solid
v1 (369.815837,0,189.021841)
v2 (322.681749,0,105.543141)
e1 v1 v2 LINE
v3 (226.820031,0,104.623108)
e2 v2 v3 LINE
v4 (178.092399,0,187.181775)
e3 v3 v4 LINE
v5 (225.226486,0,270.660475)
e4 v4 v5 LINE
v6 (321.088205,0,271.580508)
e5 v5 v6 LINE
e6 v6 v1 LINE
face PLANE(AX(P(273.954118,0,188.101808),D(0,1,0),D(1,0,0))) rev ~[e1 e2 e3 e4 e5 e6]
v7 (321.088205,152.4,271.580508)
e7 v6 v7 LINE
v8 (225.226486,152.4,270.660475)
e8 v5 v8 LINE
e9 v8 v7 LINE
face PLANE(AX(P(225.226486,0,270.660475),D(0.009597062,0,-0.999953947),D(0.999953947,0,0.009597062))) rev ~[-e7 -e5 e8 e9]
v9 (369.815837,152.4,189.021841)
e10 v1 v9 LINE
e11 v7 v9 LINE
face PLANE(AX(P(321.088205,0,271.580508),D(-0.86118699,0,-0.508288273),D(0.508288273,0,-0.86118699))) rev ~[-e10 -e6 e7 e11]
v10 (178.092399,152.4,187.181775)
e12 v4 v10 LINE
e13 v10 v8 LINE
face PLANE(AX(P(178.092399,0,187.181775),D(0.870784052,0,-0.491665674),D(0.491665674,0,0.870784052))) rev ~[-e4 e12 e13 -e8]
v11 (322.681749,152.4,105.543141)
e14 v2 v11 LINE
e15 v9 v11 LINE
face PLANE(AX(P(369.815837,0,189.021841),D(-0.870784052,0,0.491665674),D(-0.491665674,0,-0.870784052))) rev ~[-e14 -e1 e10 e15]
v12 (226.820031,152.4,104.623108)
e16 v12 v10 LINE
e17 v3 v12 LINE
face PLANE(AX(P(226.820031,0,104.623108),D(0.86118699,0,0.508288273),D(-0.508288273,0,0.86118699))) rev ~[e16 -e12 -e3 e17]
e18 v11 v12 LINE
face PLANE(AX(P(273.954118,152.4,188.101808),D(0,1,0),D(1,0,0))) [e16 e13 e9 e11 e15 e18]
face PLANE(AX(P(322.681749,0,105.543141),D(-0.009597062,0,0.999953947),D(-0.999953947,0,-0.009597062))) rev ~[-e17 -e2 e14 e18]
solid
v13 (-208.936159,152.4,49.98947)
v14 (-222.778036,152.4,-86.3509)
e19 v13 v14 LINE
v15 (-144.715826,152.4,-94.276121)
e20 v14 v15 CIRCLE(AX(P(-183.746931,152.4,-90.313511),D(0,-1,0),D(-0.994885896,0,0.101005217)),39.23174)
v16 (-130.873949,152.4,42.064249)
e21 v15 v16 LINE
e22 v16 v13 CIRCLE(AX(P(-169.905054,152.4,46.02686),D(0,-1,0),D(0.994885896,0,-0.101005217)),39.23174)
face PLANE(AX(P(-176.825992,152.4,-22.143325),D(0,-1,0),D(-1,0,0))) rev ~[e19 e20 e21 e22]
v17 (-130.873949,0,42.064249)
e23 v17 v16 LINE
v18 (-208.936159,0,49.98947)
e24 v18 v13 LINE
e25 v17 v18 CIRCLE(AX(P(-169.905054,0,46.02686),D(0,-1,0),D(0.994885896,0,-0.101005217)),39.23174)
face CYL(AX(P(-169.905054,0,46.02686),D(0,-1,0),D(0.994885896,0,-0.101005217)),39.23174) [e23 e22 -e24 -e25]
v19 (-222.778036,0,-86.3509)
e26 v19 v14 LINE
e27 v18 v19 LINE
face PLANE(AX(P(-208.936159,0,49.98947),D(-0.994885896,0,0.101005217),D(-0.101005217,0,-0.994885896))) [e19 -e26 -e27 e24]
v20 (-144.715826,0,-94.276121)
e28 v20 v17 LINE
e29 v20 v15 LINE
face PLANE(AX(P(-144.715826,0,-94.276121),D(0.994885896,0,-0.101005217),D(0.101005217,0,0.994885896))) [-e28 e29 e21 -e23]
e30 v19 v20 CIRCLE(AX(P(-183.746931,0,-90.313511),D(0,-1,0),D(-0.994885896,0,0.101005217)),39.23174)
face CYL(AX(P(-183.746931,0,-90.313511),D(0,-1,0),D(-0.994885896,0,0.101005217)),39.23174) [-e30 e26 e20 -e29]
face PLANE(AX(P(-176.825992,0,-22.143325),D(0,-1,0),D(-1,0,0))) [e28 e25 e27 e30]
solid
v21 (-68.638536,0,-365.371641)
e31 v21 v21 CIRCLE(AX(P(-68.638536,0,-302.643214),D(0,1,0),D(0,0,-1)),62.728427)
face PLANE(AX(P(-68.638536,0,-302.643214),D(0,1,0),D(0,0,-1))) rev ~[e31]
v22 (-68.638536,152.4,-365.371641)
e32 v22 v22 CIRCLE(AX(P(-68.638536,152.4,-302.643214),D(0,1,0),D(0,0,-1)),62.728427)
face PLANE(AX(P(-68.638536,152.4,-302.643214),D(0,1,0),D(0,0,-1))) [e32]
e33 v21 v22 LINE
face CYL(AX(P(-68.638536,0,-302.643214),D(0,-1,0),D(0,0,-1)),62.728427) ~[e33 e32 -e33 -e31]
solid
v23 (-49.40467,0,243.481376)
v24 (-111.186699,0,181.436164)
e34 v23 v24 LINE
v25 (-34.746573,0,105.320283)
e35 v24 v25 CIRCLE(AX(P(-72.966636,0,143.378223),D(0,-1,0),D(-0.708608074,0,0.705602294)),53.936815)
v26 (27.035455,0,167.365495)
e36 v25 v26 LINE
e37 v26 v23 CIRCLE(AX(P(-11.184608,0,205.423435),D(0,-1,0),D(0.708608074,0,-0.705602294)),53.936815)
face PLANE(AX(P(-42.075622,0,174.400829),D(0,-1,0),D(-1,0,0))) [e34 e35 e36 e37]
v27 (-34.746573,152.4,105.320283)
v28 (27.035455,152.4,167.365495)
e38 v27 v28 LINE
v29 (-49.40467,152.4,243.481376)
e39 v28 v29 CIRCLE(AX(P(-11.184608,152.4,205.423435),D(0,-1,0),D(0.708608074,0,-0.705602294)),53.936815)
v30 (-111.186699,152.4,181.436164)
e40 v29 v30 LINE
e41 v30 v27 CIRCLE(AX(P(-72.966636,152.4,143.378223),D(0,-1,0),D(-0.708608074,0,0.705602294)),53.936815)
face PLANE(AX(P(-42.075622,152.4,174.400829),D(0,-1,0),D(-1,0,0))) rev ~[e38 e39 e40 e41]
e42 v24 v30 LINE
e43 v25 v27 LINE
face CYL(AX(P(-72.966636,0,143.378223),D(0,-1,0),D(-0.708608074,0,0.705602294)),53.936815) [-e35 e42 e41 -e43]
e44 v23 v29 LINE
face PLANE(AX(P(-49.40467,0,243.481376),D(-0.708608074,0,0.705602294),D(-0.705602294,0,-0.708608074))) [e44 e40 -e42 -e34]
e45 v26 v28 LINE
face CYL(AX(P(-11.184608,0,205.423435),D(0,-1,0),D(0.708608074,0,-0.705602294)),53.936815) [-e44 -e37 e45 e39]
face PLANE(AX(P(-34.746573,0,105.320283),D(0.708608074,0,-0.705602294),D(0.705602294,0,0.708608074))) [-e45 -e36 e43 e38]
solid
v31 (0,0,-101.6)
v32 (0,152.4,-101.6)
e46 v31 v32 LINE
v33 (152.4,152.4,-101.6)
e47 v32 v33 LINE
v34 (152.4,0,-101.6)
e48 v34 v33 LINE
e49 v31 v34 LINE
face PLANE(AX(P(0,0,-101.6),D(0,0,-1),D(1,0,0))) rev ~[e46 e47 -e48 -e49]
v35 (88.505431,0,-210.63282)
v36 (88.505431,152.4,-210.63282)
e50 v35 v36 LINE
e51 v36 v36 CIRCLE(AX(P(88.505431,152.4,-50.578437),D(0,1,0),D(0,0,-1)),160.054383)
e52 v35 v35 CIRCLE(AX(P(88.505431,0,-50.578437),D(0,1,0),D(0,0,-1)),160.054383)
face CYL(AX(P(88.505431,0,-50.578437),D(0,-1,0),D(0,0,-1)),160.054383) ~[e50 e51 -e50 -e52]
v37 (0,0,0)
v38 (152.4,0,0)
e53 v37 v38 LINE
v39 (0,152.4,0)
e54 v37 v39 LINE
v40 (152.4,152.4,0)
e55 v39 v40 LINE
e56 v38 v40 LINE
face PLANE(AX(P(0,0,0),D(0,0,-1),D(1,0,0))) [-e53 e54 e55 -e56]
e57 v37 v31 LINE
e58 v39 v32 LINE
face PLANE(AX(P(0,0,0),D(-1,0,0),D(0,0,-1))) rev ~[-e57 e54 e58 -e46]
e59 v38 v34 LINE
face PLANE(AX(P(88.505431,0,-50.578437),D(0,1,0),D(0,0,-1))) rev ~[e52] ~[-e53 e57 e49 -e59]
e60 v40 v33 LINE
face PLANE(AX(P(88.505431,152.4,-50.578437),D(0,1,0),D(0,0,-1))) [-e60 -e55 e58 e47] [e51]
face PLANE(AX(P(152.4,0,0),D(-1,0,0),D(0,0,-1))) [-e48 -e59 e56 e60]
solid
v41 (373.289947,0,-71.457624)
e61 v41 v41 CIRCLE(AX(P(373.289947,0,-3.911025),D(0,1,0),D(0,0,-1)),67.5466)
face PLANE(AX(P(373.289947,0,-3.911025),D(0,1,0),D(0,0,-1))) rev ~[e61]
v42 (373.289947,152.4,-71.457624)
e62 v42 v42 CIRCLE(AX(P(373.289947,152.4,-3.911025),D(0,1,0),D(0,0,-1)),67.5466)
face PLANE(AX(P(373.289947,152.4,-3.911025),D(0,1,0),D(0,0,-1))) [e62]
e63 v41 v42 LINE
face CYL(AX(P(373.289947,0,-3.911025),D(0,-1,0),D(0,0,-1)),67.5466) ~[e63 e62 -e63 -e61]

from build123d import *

# Parameters (mm, degrees)
SKETCH1_R             = 160.054383024
SKETCH1_W             = 152.4
SKETCH1_H             = 101.6
BOSS_EXTRUDE1_DEPTH   = 152.4
SKETCH1_R_2           = 67.546599545
BOSS_EXTRUDE1_2_DEPTH = 152.4
SKETCH1_R_3           = 62.72842728
BOSS_EXTRUDE1_3_DEPTH = 152.4
BOSS_EXTRUDE1_4_DEPTH = 152.4
BOSS_EXTRUDE1_5_DEPTH = 152.4
BOSS_EXTRUDE1_6_DEPTH = 152.4


with BuildPart() as part:
    # Sketch1 → Boss-Extrude1 (new body)
    with BuildSketch(Plane(origin=(0, 0, 0), x_dir=(1, 0, 0), z_dir=(0, 1, 0))):
        with Locations(Location((88.50543124, 50.578437179, 0), (0, 0, 90))):
            Circle(SKETCH1_R)
        with Locations((76.2, 50.8)):
            Rectangle(SKETCH1_W, SKETCH1_H, mode=Mode.SUBTRACT)
    extrude(amount=BOSS_EXTRUDE1_DEPTH)


with BuildPart() as body_2:
    # Sketch1 → Boss-Extrude1 2 (new body)
    with BuildSketch(Plane(origin=(0, 0, 0), x_dir=(1, 0, 0), z_dir=(0, 1, 0))):
        with Locations(Location((373.289947205, 3.911024814, 0), (0, 0, 90))):
            Circle(SKETCH1_R_2)
    extrude(amount=BOSS_EXTRUDE1_2_DEPTH)


with BuildPart() as body_3:
    # Sketch1 → Boss-Extrude1 3 (new body)
    with BuildSketch(Plane(origin=(0, 0, 0), x_dir=(1, 0, 0), z_dir=(0, 1, 0))):
        with Locations(Location((-68.638535942, 302.643214026, 0), (0, 0, 90))):
            Circle(SKETCH1_R_3)
    extrude(amount=BOSS_EXTRUDE1_3_DEPTH)


with BuildPart() as body_4:
    # Sketch1 → Boss-Extrude1 4 (new body)
    with BuildSketch(Plane(origin=(0, 0, 0), x_dir=(1, 0, 0), z_dir=(0, 1, 0))):
        Polygon((225.22648648, -270.660475239), (321.088205207, -271.580508421), (369.815836678, -189.021841345), (322.681749423, -105.543141086), (226.820030696, -104.623107904), (178.092399225, -187.18177498), align=None)
    extrude(amount=BOSS_EXTRUDE1_4_DEPTH)


with BuildPart() as body_5:
    # Sketch1 → Boss-Extrude1 5 (new body)
    with BuildSketch(Plane(origin=(0, 0, 0), x_dir=(1, 0, 0), z_dir=(0, 1, 0))):
        with BuildLine():
            Line((-144.715826236, 94.276120946), (-130.873948783, -42.06424919))
            ThreePointArc((-130.873948783, -42.06424919), (-165.942443278, -85.057964519), (-208.936158607, -49.989470025))
            Line((-208.936158607, -49.989470025), (-222.77803606, 86.350900111))
            ThreePointArc((-222.77803606, 86.350900111), (-187.709541566, 129.344615441), (-144.715826236, 94.276120946))
        make_face()
    extrude(amount=BOSS_EXTRUDE1_5_DEPTH)


with BuildPart() as body_6:
    # Sketch1 → Boss-Extrude1 6 (new body)
    with BuildSketch(Plane(origin=(0, 0, 0), x_dir=(1, 0, 0), z_dir=(0, 1, 0))):
        with BuildLine():
            Line((-49.404670277, -243.481375716), (-111.18669851, -181.436163559))
            ThreePointArc((-111.18669851, -181.436163559), (-111.024576314, -105.15816066), (-34.746573415, -105.320282856))
            Line((-34.746573415, -105.320282856), (27.035454818, -167.365495014))
            ThreePointArc((27.035454818, -167.365495014), (26.873332621, -243.643497912), (-49.404670277, -243.481375716))
        make_face()
    extrude(amount=BOSS_EXTRUDE1_6_DEPTH)


solid = Compound([part.part, body_2.part, body_3.part, body_4.part, body_5.part, body_6.part])
